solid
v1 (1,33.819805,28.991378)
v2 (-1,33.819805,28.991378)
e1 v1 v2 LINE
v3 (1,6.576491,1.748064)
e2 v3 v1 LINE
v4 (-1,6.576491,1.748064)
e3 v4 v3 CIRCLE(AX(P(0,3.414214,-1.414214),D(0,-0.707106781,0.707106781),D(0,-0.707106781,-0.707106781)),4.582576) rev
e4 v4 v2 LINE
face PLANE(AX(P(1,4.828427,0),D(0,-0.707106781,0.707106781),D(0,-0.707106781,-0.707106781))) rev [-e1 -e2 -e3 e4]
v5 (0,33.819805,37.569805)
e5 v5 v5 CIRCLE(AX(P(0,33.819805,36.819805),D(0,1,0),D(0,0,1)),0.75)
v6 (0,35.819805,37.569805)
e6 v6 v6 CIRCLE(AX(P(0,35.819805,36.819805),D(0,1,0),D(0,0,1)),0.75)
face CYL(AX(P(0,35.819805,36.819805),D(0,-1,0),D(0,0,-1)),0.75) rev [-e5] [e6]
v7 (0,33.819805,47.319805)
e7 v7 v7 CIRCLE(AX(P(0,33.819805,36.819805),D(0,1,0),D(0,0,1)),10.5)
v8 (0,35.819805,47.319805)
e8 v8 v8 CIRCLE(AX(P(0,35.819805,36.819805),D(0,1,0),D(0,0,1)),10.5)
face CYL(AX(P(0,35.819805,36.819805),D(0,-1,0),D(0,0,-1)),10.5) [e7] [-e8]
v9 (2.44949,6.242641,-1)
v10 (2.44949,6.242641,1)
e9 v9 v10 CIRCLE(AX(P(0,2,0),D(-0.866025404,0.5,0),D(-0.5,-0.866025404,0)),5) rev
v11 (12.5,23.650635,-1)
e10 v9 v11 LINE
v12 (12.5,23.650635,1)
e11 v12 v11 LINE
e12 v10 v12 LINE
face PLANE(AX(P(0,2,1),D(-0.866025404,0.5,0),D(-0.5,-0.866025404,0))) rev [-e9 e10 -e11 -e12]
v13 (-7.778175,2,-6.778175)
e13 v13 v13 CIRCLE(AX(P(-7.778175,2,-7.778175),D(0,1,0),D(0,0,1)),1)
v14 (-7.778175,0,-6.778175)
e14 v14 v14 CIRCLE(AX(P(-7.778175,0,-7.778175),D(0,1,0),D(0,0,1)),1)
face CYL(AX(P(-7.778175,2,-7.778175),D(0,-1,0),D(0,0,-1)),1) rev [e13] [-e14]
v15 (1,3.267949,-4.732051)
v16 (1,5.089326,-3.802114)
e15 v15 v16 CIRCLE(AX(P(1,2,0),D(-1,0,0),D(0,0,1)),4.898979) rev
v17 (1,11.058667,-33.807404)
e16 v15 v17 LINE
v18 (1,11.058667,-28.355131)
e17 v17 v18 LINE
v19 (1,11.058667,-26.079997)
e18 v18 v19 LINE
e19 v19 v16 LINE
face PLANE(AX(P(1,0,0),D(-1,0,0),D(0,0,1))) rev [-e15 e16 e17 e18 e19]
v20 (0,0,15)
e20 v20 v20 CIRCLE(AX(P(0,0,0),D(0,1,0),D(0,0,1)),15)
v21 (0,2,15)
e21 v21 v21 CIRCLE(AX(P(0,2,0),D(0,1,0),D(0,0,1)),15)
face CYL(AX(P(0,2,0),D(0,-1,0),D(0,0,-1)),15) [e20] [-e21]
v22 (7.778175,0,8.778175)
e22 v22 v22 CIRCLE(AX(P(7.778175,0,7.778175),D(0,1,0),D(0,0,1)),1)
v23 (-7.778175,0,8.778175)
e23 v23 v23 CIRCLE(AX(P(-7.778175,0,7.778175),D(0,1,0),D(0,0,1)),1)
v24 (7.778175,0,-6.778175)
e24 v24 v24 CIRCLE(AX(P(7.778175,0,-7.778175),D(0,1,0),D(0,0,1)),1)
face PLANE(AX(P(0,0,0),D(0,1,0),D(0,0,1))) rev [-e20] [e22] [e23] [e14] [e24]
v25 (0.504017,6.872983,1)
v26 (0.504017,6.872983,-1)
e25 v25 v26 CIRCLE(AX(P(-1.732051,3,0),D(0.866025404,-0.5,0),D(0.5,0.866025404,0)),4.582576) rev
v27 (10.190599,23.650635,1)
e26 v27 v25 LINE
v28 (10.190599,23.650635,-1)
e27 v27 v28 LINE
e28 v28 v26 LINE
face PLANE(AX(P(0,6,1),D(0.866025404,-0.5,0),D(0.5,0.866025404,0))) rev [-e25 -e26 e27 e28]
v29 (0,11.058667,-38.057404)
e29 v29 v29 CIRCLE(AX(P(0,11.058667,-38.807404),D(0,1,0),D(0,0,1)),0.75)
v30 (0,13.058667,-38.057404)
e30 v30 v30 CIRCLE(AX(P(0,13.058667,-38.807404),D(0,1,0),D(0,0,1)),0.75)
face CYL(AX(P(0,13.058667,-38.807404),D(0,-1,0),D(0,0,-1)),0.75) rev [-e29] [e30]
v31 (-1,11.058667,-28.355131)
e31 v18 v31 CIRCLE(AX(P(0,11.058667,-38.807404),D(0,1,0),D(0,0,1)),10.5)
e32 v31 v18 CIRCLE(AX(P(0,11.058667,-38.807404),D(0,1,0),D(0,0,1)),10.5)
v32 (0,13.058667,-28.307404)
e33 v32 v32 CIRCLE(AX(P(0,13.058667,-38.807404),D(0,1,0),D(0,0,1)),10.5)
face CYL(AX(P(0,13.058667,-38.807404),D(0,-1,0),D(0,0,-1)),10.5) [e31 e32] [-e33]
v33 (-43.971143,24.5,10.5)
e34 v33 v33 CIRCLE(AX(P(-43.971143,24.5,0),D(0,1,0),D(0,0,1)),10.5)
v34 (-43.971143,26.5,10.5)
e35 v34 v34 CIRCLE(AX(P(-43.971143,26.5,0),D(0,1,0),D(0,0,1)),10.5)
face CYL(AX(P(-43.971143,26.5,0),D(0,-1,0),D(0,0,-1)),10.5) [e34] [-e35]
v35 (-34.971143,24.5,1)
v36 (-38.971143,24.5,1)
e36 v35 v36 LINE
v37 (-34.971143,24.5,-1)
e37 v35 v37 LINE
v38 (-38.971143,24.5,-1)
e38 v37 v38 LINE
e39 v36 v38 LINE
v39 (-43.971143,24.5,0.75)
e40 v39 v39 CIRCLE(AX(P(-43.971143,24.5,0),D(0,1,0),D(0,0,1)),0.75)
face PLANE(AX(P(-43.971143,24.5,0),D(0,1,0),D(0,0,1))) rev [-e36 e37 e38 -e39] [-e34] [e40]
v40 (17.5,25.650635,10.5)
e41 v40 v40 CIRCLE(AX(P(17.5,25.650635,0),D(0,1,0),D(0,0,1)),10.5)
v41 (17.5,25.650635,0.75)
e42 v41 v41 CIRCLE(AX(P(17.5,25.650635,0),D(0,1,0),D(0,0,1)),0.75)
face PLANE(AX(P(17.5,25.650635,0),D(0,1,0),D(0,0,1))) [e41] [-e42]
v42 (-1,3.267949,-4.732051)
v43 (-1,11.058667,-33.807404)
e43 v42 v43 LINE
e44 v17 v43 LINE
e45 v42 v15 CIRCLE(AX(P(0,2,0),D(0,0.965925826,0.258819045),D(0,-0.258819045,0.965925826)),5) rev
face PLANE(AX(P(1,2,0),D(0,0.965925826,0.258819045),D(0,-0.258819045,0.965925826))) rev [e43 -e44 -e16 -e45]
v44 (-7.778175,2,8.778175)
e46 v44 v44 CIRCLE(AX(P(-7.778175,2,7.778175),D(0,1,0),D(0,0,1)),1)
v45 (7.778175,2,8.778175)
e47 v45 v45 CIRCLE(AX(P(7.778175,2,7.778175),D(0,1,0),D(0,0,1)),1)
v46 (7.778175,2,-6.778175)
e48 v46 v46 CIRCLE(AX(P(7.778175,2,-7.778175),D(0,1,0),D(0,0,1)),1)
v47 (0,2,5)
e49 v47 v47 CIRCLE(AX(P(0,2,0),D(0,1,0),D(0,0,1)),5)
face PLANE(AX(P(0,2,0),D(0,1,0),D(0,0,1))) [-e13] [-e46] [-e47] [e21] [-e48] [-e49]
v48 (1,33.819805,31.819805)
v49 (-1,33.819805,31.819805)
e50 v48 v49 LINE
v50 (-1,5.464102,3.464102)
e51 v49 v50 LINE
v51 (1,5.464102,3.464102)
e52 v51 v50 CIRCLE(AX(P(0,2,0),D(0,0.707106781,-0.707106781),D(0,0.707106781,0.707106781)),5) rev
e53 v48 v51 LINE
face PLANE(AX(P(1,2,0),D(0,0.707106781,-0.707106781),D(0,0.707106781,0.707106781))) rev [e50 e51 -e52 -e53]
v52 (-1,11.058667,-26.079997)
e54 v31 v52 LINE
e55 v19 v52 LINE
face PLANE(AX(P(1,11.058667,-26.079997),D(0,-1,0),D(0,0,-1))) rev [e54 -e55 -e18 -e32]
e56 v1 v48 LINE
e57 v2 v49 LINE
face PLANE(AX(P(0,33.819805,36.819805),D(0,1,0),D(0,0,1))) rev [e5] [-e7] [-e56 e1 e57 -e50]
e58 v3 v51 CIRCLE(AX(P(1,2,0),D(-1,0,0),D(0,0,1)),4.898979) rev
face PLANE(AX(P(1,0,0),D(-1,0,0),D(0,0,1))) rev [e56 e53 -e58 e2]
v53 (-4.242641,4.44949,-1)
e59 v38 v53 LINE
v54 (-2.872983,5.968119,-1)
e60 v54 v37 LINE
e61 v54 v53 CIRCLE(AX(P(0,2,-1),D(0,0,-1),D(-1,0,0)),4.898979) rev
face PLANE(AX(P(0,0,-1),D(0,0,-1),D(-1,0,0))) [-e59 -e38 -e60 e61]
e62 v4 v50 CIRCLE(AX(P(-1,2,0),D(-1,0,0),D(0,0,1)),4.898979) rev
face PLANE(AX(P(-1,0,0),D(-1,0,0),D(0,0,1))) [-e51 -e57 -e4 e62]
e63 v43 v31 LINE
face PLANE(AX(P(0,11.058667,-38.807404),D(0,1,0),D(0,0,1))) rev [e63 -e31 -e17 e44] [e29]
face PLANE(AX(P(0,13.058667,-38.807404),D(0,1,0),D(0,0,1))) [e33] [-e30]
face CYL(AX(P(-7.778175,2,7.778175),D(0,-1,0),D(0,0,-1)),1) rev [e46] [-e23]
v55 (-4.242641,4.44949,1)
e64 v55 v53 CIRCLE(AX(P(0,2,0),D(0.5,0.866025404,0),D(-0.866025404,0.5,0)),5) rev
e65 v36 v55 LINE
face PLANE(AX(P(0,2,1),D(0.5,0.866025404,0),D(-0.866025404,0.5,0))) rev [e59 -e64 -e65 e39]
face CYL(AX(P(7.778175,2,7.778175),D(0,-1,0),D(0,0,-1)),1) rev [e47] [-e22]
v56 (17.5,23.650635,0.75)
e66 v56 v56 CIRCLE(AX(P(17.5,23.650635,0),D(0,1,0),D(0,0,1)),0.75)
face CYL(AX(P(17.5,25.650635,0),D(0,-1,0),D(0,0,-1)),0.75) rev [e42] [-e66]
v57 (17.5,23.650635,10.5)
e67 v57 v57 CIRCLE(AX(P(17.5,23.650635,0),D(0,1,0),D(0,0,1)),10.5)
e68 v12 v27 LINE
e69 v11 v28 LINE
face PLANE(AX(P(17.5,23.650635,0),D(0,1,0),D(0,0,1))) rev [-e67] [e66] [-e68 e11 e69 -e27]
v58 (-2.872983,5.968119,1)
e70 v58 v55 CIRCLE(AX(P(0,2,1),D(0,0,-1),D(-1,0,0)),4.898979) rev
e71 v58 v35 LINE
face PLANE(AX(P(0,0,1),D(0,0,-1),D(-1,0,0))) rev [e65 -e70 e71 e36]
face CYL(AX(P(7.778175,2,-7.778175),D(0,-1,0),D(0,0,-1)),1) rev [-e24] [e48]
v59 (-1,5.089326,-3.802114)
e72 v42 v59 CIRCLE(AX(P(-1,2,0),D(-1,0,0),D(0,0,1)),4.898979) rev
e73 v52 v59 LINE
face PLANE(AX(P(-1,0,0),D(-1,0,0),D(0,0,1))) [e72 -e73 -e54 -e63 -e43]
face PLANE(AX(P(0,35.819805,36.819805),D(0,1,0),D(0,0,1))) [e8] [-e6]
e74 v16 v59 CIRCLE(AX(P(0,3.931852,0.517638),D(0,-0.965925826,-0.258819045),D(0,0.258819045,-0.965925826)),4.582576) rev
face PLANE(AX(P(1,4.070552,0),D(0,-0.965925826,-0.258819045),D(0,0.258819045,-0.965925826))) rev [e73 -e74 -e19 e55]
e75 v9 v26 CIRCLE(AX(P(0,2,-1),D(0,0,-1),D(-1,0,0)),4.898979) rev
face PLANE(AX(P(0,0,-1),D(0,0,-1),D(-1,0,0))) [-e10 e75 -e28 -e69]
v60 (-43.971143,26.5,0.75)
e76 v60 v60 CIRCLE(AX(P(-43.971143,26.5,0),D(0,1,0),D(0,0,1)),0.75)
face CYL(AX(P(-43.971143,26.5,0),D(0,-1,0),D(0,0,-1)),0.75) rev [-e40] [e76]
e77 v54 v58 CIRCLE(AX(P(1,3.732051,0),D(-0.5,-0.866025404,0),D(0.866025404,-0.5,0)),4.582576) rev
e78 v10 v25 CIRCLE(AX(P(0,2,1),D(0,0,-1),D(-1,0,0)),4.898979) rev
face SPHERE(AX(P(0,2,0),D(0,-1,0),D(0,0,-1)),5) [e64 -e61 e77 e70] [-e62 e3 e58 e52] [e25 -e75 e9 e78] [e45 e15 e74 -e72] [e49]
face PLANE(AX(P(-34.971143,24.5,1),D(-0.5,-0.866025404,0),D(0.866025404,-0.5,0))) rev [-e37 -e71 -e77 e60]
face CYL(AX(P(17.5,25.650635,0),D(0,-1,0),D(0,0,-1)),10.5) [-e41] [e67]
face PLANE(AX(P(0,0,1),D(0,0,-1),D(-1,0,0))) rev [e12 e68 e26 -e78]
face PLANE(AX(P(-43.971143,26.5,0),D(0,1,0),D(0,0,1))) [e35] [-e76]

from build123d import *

# Parameters (mm, degrees)
SKETCH_1_R      = 15
SKETCH_1_R_2    = 1
EXTRUDE_1_DEPTH = 2
EXTRUDE_2_DEPTH = 1
SKETCH_4_R      = 10.5
SKETCH_4_R_2    = 0.75
EXTRUDE_3_DEPTH = 2
SKETCH_5_R      = 10.5
SKETCH_5_R_2    = 0.75
EXTRUDE_4_DEPTH = 2
EXTRUDE_5_DEPTH = 1
SKETCH_7_R      = 10.5
SKETCH_7_R_2    = 0.75
EXTRUDE_6_DEPTH = 2
SKETCH_8_R      = 10.5
SKETCH_8_R_2    = 0.75
EXTRUDE_7_DEPTH = 2


with BuildPart() as part:
    # 草图1 → 凸台-拉伸1 (new body)
    with BuildSketch(Plane(origin=(0, 0, 0), x_dir=(1, 0, 0), z_dir=(0, 1, 0))):
        with Locations(Location((0, 0, 0), (0, 0, 270))):
            Circle(SKETCH_1_R)
        with Locations(Location((7.778174593, 7.778174593, 0), (0, 0, 270))):
            Circle(SKETCH_1_R_2, mode=Mode.SUBTRACT)
        with Locations(Location((-7.778174593, 7.778174593, 0), (0, 0, 270))):
            Circle(SKETCH_1_R_2, mode=Mode.SUBTRACT)
        with Locations(Location((-7.778174593, -7.778174593, 0), (0, 0, 270))):
            Circle(SKETCH_1_R_2, mode=Mode.SUBTRACT)
        with Locations(Location((7.778174593, -7.778174593, 0), (0, 0, 270))):
            Circle(SKETCH_1_R_2, mode=Mode.SUBTRACT)
    extrude(amount=EXTRUDE_1_DEPTH)

    # 草图2 → 旋转1 (revolve)
    with BuildSketch(Plane(origin=(0, 0, 0), x_dir=(0, 0, -1), z_dir=(1, 0, 0))):
        with BuildLine():
            Line((0, 2), (0, 7))
            ThreePointArc((0, 7), (3.535533906, 5.535533906), (5, 2))
            Line((5, 2), (0, 2))
        make_face()
    revolve(axis=Axis((0, 2, 0), (0, 1, 0)))

    # 草图3 → 凸台-拉伸2 (add, symmetric)
    with BuildSketch(Plane.XY):
        Polygon((0, 2), (12.5, 23.650635095), (10.190598923, 23.650635095), (0, 6), (0, 4.309401077), (-34.97114317, 24.5), (-38.97114317, 24.5), align=None)
    extrude(amount=EXTRUDE_2_DEPTH, both=True)

    # 草图4 → 凸台-拉伸3 (add)
    with BuildSketch(Plane(origin=(0, 23.650635095, 0), x_dir=(1, 0, 0), z_dir=(0, 1, 0))):
        with Locations(Location((17.5, 0, 0), (0, 0, 270))):
            Circle(SKETCH_4_R)
        with Locations(Location((17.5, 0, 0), (0, 0, 270))):
            Circle(SKETCH_4_R_2, mode=Mode.SUBTRACT)
    extrude(amount=EXTRUDE_3_DEPTH)

    # 草图5 → 凸台-拉伸4 (add)
    with BuildSketch(Plane(origin=(0, 24.5, 0), x_dir=(1, 0, 0), z_dir=(0, 1, 0))):
        with Locations(Location((-43.97114317, 0, 0), (0, 0, 270))):
            Circle(SKETCH_5_R)
        with Locations(Location((-43.97114317, 0, 0), (0, 0, 270))):
            Circle(SKETCH_5_R_2, mode=Mode.SUBTRACT)
    extrude(amount=EXTRUDE_4_DEPTH)

    # 草图6 → 凸台-拉伸5 (add, symmetric)
    with BuildSketch(Plane(origin=(0, 0, 0), x_dir=(0, 0, -1), z_dir=(1, 0, 0))):
        Polygon((0, 2), (33.80740392, 11.058666579), (26.07999731, 11.058666579), (0, 4.070552361), (0, 4.828427125), (-28.991378029, 33.819805153), (-31.819805153, 33.819805153), align=None)
    extrude(amount=EXTRUDE_5_DEPTH, both=True)

    # 草图7 → 凸台-拉伸6 (add)
    with BuildSketch(Plane(origin=(0, 11.058666579, 0), x_dir=(1, 0, 0), z_dir=(0, 1, 0))):
        with Locations(Location((0, 38.80740392, 0), (0, 0, 264.5349762))):
            Circle(SKETCH_7_R)
        with Locations(Location((0, 38.80740392, 0), (0, 0, 270))):
            Circle(SKETCH_7_R_2, mode=Mode.SUBTRACT)
    extrude(amount=EXTRUDE_6_DEPTH)

    # 草图8 → 凸台-拉伸7 (add)
    with BuildSketch(Plane(origin=(0, 33.819805153, 0), x_dir=(1, 0, 0), z_dir=(0, 1, 0))):
        with Locations(Location((0, -36.819805153, 0), (0, 0, 270))):
            Circle(SKETCH_8_R)
        with Locations(Location((0, -36.819805153, 0), (0, 0, 270))):
            Circle(SKETCH_8_R_2, mode=Mode.SUBTRACT)
    extrude(amount=EXTRUDE_7_DEPTH)


solid = part.part
